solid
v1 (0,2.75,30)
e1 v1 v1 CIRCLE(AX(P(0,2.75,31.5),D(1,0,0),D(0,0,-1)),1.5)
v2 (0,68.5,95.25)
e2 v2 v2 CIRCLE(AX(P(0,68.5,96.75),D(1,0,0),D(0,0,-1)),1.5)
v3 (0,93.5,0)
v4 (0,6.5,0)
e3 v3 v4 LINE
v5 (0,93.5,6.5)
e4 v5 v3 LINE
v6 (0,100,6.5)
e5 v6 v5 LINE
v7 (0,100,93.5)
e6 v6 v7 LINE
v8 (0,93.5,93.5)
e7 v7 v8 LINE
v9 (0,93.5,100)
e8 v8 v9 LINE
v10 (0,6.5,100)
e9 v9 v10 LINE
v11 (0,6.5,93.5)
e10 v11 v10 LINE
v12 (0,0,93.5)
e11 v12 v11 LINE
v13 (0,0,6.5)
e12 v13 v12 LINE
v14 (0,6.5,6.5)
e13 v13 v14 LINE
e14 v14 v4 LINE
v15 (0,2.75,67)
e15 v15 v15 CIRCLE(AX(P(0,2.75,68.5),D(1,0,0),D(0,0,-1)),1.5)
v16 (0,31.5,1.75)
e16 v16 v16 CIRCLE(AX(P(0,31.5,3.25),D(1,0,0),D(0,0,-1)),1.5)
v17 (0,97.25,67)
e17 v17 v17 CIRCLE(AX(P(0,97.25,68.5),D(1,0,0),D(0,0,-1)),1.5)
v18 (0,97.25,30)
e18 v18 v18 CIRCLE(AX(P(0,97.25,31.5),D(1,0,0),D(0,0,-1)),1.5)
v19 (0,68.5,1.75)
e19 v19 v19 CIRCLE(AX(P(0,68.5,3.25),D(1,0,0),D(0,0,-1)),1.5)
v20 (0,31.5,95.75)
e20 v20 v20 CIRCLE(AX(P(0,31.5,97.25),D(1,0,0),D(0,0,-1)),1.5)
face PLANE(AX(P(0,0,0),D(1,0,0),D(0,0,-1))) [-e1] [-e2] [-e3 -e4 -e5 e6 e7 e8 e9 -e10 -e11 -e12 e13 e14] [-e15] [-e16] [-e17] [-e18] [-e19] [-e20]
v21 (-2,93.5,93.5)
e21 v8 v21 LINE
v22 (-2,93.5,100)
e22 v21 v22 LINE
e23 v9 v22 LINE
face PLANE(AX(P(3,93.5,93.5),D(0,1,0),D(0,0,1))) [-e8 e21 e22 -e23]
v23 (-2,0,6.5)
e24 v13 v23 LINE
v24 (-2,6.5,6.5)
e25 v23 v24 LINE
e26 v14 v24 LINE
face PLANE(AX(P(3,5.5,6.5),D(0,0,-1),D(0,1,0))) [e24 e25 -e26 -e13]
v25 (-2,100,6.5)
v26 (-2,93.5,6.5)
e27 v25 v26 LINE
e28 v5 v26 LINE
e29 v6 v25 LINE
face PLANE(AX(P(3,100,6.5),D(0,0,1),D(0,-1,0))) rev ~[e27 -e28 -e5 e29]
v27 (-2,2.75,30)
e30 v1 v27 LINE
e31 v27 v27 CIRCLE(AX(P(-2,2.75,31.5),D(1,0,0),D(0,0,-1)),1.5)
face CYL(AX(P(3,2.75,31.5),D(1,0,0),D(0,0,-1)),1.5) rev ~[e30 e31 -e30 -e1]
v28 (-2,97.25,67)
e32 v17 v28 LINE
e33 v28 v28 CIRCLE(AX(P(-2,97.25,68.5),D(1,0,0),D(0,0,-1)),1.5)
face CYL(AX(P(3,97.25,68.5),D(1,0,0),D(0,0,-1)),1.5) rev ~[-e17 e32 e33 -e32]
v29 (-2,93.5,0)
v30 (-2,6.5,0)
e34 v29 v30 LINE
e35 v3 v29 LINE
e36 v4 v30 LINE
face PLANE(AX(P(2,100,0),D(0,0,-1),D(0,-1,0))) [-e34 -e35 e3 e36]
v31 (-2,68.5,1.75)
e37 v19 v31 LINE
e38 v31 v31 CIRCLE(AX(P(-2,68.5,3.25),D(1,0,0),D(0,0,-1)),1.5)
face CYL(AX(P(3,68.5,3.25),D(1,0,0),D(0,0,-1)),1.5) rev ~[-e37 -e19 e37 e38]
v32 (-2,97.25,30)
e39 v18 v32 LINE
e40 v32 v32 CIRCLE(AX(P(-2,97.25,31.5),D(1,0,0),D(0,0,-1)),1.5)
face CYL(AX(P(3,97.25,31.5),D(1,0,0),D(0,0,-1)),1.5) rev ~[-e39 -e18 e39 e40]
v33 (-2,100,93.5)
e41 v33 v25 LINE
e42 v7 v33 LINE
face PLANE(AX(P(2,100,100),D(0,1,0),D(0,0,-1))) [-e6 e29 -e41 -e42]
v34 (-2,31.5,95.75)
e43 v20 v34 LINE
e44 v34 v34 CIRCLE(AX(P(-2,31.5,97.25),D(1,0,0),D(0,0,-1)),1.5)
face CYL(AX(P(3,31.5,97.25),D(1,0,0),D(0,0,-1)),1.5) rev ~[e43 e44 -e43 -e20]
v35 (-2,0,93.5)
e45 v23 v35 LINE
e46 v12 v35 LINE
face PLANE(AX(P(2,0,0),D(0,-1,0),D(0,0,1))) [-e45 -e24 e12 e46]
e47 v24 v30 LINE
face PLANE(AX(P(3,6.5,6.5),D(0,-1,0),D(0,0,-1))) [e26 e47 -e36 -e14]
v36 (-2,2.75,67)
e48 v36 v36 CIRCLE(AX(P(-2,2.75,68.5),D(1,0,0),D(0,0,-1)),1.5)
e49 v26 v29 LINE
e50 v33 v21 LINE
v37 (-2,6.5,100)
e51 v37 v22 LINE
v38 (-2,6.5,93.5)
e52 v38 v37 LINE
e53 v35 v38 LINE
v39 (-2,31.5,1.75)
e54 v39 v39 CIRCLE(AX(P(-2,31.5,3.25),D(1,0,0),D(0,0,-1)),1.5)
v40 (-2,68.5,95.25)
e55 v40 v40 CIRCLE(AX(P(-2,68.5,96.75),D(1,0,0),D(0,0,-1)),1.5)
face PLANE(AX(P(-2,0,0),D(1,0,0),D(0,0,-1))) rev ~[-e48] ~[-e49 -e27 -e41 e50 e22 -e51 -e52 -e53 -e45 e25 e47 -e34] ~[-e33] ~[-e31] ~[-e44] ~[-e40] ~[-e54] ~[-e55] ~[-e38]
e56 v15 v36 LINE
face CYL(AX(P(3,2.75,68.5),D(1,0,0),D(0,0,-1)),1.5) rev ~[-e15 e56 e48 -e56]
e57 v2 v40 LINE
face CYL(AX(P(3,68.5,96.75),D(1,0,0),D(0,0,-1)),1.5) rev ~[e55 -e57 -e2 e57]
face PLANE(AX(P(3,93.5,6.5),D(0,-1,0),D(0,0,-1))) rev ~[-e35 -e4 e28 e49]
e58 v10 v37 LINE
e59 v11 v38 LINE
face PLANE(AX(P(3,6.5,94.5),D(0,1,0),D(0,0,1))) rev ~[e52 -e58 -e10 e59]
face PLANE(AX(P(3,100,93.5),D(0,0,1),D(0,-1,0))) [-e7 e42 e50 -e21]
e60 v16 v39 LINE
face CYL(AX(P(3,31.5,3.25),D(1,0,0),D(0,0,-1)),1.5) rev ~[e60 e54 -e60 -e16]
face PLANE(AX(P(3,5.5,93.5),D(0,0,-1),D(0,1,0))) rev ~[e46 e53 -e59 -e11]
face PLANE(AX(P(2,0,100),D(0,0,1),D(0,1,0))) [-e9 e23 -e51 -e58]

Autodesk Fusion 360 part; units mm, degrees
sketch "Sketch1" plane through (0, 0, 0) normal (1, 0, 0) x (0, 0, -1)
  line L0 (0, 0) -> (-100, 0)
  line L1 (-100, 0) -> (-100, 100)
  line L2 (-100, 100) -> (0, 100)
  line L3 (0, 100) -> (0, 0)
  dimension "d1" = 100
  dimension "d2" = 100
extrude "Extrude1" add sketch "Sketch1" against normal blind 2
extrude "Extrude2" add 1 faces at (0, 33.3333, 33.3333) along direction (1, 0, 0) blind 2
extrude "Extrude3" add 1 faces at (2, 33.3333, 33.3333) along direction (1, 0, 0) blind 1
sketch "Sketch2" plane through (3, 0, 0) normal (1, 0, 0) x (0, 0, -1)
  line L0 (-100, 100) -> (0, 100)
  line L1 (0, 100) -> (0, 0)
  line L2 (0, 0) -> (-100, 0)
  line L3 (-100, 0) -> (-100, 100)
  line L4 (-100, 100) -> (-68.5, 100)
  line L5 (-68.5, 100) -> (-68.5, 94.5)
  line L6 (-68.5, 94.5) -> (-100, 94.5)
  line L7 (-100, 94.5) -> (-100, 100)
  line L8 (-100, 100) -> (-93.5, 100)
  line L9 (-93.5, 100) -> (-93.5, 68.5)
  line L10 (0, 100) -> (-6.5, 100)
  line L11 (-6.5, 100) -> (-6.5, 68.5)
  line L12 (-6.5, 68.5) -> (0, 68.5)
  line L13 (0, 68.5) -> (0, 100)
  line L14 (0, 100) -> (-31.5, 100)
  line L15 (-31.5, 100) -> (-31.5, 94.5)
  line L16 (-31.5, 94.5) -> (0, 94.5)
  line L17 (0, 94.5) -> (0, 100)
  line L18 (0, 0) -> (-6.5, 0)
  line L19 (-6.5, 0) -> (-6.5, 31.5)
  line L20 (-6.5, 31.5) -> (0, 31.5)
  line L21 (0, 31.5) -> (0, 0)
  line L22 (0, 0) -> (-31.5, 0)
  line L23 (-31.5, 0) -> (-31.5, 5.5)
  line L24 (-31.5, 5.5) -> (0, 5.5)
  line L25 (0, 5.5) -> (0, 0)
  line L26 (-100, 0) -> (-68.5, 0)
  line L27 (-68.5, 0) -> (-68.5, 5.5)
  line L28 (-68.5, 5.5) -> (-100, 5.5)
  line L29 (-100, 5.5) -> (-100, 0)
  line L30 (-100, 0) -> (-94.5, 0)
  line L31 (-94.5, 0) -> (-94.5, 31.5)
  line L32 (-94.5, 31.5) -> (-100, 31.5)
  line L33 (-100, 31.5) -> (-100, 0)
  circle A0 centre (-68.5, 97.25) radius 1.5
  circle A1 centre (-97.25, 31.5) radius 1.5
  circle A2 centre (-68.5, 2.75) radius 1.5
  circle A3 centre (-31.5, 2.75) radius 1.5
  circle A4 centre (-3.25, 31.5) radius 1.5
  circle A5 centre (-3.25, 68.5) radius 1.5
  circle A6 centre (-31.5, 97.25) radius 1.5
  line L34 (-93.5, 68.5) -> (-100, 68.5)
  line L35 (-100, 68.5) -> (-100, 100)
  line L36 (-100, 100) -> (-93.5, 100)
  line L37 (-93.5, 100) -> (-93.5, 68.5)
  circle A7 centre (-96.75, 68.5) radius 1.5
  line L38 (-100, 100) -> (-93.5, 100)
  line L39 (-93.5, 100) -> (-93.5, 93.5)
  line L40 (-93.5, 93.5) -> (-100, 93.5)
  line L41 (-100, 93.5) -> (-100, 100)
  line L42 (-100, 0) -> (-93.5, 0)
  line L43 (-93.5, 0) -> (-93.5, 6.5)
  line L44 (-93.5, 6.5) -> (-100, 6.5)
  line L45 (-100, 6.5) -> (-100, 0)
  line L46 (0, 0) -> (-6.5, 0)
  line L47 (-6.5, 0) -> (-6.5, 6.5)
  line L48 (-6.5, 6.5) -> (0, 6.5)
  line L49 (0, 6.5) -> (0, 0)
  line L50 (0, 100) -> (-6.5, 100)
  line L51 (-6.5, 100) -> (-6.5, 93.5)
  line L52 (-6.5, 93.5) -> (0, 93.5)
  line L53 (0, 93.5) -> (0, 100)
  dimension "d53" = 31.5
  dimension "d54" = 5.5
  dimension "d55" = 6.5
  dimension "d57" = 6.5
  dimension "d58" = 31.5
  dimension "d59" = 31.5
  dimension "d60" = 5.5
  dimension "d61" = 6.5
  dimension "d62" = 31.5
  dimension "d63" = 5.5
  dimension "d64" = 31.5
  dimension "d65" = 5.5
  dimension "d66" = 31.5
  dimension "d67" = 100
  dimension "d68" = 100
  dimension "d69" = 5.5
  dimension "d70" = 31.5
  dimension "d71" = 3
  dimension "d73" = 3
  dimension "d74" = 3
  dimension "d75" = 3
  dimension "d76" = 3
  dimension "d77" = 3
  dimension "d78" = 3
  dimension "d81" = 31.5
  dimension "d83" = 3
  dimension "d88" = 6.5
  dimension "d89" = 6.5
  dimension "d90" = 6.5
  dimension "d91" = 6.5
  dimension "d92" = 6.5
  dimension "d93" = 6.5
  dimension "d94" = 6.5
  dimension "d95" = 6.5
extrude "Extrude9" cut sketch "Sketch2" against normal blind 20 contours L5 A0 | L5 A0 | L15 A6 | L15 A6 | L34 A7 | L34 A7 | L32 A1 | L32 A1 | L12 A5 | L12 A5 | L20 A4 | L20 A4 | L27 A2 | L27 A2 | L23 A3 | L23 A3
extrude "Extrude10" cut sketch "Sketch2" against normal blind 3 contours L0 L3 L4 L6 L7 L8 L9 L35 L36 L37 L38 L39 L41 | L0 L4 L5 L6 L9 A0 L37 L39 | L3 L6 L9 L35 L37 L39 L40 L41 | L0 L1 L2 L3 L5 L6 L9 L11 L12 L15 L16 L19 L20 L23 L24 L27 L28 L31 L32 A0 A1 A2 A3 A4 A5 A6 L34 L37 A7 L39 L43 L44 L47 L51 | L3 L9 L34 L35 L37 A7 L40 | L0 L11 L14 L15 L16 A6 L51 | L0 L1 L10 L11 L13 L14 L16 L17 L50 L51 L53 | L3 L31 L32 L33 A1 L44 | L1 L11 L13 L16 L51 L52 L53 | L3 L28 L31 L33 L44 L45 | L1 L11 L12 L13 A5 L52 | L2 L3 L26 L28 L29 L30 L31 L33 L42 L45 | L28 L31 L43 L44 | L2 L26 L28 L31 L42 L43 | L2 L26 L27 L28 A2 L43 | L1 L19 L20 L21 A4 L48 | L1 L19 L21 L24 L47 L48 L49 | L1 L2 L18 L19 L21 L22 L24 L25 L46 L47 L49 | L2 L19 L22 L23 L24 A3 L47
extrude "Extrude11" cut sketch "Sketch2" against normal blind 70 contours L0 L3 L4 L6 L7 L8 L9 L35 L36 L37 L38 L39 L41 | L3 L6 L9 L35 L37 L39 L40 L41 | L0 L1 L10 L11 L13 L14 L16 L17 L50 L51 L53 | L1 L11 L13 L16 L51 L52 L53 | L3 L28 L31 L33 L44 L45 | L2 L3 L26 L28 L29 L30 L31 L33 L42 L45 | L28 L31 L43 L44 | L2 L26 L28 L31 L42 L43 | L1 L19 L21 L24 L47 L48 L49 | L1 L2 L18 L19 L21 L22 L24 L25 L46 L47 L49
